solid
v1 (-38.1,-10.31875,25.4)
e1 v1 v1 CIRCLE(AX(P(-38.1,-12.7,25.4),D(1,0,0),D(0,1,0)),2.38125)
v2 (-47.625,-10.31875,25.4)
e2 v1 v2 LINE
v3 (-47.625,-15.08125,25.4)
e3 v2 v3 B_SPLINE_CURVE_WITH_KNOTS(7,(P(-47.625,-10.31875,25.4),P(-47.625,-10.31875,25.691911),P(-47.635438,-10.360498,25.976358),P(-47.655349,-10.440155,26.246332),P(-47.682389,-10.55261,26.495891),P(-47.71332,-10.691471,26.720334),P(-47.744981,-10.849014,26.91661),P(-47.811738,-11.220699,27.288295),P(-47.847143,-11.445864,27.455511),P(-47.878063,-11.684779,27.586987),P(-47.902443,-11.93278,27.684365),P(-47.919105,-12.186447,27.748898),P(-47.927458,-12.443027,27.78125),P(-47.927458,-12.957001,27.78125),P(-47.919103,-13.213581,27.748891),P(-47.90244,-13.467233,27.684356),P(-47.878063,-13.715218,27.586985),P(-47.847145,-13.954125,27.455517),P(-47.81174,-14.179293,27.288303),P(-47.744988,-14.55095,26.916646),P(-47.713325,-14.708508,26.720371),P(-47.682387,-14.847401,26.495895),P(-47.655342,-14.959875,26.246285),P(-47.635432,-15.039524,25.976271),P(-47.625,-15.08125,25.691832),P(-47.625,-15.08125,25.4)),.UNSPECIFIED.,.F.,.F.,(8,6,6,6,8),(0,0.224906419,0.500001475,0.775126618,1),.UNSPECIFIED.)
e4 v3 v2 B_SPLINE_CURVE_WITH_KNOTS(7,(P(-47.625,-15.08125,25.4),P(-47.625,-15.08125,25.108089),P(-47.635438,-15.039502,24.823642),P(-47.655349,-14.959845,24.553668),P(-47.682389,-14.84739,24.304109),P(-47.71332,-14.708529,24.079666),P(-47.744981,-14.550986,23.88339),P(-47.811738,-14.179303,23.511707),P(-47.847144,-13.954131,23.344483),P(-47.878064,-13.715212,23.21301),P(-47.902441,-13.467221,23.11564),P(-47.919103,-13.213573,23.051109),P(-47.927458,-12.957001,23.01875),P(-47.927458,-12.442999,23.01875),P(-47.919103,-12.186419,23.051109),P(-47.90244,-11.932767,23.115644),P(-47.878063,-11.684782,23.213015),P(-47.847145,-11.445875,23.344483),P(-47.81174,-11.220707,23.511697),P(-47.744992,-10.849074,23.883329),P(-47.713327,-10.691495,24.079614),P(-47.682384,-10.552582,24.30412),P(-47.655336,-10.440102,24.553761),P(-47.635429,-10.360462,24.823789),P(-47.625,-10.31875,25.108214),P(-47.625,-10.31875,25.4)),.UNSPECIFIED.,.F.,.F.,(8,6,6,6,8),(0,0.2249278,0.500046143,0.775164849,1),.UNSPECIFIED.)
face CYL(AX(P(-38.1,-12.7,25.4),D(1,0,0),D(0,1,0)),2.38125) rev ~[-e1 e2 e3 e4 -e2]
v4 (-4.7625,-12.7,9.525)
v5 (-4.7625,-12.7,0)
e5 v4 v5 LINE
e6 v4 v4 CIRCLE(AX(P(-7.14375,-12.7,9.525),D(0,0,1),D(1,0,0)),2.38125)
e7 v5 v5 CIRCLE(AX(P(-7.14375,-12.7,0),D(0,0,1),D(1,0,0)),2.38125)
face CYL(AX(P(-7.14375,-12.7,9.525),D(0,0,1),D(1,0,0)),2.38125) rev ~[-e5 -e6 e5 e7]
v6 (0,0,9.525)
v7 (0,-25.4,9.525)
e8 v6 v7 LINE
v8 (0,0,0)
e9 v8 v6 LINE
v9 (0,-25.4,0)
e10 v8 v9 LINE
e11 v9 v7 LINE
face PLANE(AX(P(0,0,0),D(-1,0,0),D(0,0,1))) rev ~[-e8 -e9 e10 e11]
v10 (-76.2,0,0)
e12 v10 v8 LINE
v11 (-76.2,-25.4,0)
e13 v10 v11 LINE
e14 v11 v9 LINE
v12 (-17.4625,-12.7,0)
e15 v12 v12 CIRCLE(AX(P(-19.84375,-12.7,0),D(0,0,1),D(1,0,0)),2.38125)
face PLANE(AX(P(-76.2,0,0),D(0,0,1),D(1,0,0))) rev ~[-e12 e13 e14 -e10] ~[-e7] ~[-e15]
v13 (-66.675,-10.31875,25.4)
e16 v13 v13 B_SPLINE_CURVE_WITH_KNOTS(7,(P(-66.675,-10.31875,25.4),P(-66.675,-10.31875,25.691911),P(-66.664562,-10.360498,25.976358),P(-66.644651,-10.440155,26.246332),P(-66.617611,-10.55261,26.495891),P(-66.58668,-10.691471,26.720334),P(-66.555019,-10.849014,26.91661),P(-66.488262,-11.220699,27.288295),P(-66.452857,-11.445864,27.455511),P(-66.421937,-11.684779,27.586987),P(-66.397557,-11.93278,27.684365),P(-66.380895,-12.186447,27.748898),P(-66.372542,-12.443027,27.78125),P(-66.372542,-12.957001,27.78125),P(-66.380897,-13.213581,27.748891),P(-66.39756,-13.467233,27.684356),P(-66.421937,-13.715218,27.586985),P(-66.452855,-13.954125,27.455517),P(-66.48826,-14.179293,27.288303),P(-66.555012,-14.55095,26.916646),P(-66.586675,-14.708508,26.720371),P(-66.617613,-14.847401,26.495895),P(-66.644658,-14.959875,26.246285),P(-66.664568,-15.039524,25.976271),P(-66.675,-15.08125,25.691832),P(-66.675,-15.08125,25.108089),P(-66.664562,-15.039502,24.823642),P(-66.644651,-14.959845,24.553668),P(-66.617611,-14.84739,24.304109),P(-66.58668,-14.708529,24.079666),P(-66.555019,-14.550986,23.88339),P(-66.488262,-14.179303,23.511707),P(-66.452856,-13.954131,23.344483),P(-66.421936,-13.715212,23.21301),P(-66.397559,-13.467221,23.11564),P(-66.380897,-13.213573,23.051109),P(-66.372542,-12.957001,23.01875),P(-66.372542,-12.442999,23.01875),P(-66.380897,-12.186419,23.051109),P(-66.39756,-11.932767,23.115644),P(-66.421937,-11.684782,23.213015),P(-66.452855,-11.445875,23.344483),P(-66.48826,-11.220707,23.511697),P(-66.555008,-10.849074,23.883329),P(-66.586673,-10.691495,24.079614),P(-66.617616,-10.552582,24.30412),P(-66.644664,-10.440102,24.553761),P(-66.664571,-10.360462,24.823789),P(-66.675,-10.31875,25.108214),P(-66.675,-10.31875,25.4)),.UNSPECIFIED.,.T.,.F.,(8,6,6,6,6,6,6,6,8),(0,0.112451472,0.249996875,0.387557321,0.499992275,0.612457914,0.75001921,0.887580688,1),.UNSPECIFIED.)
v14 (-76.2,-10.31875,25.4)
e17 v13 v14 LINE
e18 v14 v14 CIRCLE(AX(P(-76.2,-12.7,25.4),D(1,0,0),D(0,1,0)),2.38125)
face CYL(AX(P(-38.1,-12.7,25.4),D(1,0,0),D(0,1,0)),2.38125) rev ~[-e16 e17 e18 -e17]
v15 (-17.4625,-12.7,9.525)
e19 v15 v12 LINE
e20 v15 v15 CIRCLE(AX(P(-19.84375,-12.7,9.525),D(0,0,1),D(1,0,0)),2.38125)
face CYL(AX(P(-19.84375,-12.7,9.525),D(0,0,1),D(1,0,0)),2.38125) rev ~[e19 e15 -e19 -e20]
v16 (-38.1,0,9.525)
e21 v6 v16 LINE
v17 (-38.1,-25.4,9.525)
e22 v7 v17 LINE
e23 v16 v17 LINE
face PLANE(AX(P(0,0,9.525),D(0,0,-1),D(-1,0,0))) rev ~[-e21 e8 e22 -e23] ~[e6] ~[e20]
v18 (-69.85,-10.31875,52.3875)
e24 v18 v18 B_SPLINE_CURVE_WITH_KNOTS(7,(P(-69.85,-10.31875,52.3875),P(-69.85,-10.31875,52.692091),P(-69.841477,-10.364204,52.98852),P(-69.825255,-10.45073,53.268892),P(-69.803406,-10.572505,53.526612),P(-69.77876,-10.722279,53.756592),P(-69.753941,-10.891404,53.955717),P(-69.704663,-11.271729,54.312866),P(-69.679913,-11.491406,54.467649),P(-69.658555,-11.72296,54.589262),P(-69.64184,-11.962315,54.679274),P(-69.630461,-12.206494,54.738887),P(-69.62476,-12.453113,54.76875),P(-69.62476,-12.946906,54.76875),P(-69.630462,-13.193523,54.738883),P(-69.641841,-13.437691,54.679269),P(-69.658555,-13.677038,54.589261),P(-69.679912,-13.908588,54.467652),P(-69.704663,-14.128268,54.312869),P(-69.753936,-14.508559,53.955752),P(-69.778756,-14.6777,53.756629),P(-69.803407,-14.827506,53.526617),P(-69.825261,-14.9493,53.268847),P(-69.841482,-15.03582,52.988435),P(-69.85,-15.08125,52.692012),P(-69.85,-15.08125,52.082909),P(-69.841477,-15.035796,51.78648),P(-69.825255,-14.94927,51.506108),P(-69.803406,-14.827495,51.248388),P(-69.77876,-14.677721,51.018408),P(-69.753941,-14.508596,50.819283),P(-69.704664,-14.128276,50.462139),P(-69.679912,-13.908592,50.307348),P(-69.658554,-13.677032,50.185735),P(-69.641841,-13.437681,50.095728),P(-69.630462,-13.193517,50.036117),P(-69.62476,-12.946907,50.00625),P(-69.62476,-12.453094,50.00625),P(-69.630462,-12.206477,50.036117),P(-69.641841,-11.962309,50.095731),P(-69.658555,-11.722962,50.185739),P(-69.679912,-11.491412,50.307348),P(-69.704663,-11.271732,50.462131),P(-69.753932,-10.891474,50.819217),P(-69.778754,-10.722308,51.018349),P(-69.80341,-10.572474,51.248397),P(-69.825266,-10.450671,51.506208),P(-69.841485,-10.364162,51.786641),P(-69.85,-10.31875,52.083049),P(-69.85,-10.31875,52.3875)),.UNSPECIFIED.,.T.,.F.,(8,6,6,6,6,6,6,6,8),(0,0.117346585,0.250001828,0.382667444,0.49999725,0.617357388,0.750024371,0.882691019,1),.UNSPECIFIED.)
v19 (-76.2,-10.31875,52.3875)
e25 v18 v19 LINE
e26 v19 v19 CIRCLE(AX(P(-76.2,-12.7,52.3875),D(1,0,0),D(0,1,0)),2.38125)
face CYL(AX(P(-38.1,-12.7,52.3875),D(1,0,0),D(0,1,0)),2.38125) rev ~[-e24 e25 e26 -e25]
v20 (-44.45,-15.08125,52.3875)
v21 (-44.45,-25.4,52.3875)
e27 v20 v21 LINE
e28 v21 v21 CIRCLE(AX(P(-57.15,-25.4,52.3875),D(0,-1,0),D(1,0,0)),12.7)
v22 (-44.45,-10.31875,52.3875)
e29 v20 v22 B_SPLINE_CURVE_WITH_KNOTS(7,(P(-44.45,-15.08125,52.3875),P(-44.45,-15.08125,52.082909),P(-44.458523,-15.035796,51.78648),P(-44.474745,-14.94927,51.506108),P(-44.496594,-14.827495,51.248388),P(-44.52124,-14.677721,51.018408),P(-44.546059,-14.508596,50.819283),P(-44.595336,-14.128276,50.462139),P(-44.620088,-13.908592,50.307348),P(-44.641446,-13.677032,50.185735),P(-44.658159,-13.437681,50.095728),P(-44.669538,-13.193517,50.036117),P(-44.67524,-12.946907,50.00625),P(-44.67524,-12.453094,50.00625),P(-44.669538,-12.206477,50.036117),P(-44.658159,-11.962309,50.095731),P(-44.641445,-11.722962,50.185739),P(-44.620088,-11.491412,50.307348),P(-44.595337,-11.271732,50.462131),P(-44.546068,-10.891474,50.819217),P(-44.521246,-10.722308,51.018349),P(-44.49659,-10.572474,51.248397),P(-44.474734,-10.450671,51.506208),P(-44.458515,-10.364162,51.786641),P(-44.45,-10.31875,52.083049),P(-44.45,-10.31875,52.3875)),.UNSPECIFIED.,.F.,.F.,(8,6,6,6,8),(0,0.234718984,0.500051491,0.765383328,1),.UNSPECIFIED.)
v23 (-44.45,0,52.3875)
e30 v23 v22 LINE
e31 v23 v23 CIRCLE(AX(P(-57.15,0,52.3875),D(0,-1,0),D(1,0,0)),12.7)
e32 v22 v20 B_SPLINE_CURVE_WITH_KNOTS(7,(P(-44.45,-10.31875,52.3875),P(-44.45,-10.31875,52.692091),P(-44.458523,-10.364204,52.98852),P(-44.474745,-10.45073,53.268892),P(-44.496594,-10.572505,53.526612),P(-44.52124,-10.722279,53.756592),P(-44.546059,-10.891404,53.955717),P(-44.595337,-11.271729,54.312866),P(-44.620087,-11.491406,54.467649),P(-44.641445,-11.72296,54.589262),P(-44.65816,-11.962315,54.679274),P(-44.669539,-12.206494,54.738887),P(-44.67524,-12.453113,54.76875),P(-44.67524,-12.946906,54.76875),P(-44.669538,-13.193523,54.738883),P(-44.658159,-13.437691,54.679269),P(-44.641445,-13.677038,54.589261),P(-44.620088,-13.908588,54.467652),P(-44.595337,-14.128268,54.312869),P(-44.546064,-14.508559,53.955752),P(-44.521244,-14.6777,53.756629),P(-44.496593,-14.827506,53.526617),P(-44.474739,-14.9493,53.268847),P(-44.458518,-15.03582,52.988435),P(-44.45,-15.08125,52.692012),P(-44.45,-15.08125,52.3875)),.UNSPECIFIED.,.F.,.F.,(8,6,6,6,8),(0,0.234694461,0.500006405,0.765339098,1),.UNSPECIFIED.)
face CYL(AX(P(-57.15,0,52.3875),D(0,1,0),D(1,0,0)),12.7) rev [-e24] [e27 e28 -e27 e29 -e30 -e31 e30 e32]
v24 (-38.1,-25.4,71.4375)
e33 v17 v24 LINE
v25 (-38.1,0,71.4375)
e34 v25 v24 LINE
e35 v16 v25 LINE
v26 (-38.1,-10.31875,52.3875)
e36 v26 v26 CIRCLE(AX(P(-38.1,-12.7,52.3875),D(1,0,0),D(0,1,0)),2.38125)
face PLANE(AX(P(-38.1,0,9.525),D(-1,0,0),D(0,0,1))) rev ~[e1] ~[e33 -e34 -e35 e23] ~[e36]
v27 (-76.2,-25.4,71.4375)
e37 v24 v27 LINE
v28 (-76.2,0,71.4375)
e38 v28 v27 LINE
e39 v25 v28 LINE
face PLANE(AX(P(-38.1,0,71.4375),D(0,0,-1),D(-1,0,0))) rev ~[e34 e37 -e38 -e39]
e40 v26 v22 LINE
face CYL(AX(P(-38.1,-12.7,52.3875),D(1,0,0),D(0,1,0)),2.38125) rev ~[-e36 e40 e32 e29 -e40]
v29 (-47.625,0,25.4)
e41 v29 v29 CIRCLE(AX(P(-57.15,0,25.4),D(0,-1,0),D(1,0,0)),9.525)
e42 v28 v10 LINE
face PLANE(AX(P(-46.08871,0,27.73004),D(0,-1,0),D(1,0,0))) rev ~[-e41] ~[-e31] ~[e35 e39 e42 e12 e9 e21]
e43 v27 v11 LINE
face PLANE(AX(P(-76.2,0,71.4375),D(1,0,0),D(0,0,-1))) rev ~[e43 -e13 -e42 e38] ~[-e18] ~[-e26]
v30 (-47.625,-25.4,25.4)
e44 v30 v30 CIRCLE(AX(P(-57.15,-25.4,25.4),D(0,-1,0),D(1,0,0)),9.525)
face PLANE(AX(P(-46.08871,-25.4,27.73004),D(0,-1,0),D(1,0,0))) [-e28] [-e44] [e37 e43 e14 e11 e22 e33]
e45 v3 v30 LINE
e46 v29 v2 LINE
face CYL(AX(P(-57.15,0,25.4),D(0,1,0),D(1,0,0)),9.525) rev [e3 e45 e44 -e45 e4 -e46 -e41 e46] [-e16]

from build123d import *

# Parameters (mm, degrees)
F0_R     = 9.525
F0_R_2   = 12.7
F1_DEPTH = 25.4
F2_R     = 2.38125
F3_DEPTH = 9.526
F4_R     = 2.38125
F5_DEPTH = 38.101


with BuildPart() as f1:
    # F0 (on Front) → F1 (new body)
    with BuildSketch(Plane.XZ):
        Polygon((-76.2, 0), (0, 0), (0, 9.525), (-38.1, 9.525), (-38.1, 71.4375), (-76.2, 71.4375), align=None)
        with Locations((-57.15, 25.4)):
            Circle(F0_R, mode=Mode.SUBTRACT)
        with Locations((-57.15, 52.3875)):
            Circle(F0_R_2, mode=Mode.SUBTRACT)
    extrude(amount=F1_DEPTH)

    # F2 (on face) → F3 (cut, through all)
    with BuildSketch(Plane.XY.offset(9.525)):
        with Locations((-7.14375, -12.7)):
            Circle(F2_R)
        with Locations((-19.84375, -12.7)):
            Circle(F2_R)
    extrude(amount=-F3_DEPTH, mode=Mode.SUBTRACT)

    # F4 (on face) → F5 (cut, through all)
    with BuildSketch(Plane.YZ.offset(-38.1)):
        with Locations((-12.7, 25.4)):
            Circle(F4_R)
        with Locations((-12.7, 52.3875)):
            Circle(F4_R)
    extrude(amount=-F5_DEPTH, mode=Mode.SUBTRACT)


solid = f1.part
